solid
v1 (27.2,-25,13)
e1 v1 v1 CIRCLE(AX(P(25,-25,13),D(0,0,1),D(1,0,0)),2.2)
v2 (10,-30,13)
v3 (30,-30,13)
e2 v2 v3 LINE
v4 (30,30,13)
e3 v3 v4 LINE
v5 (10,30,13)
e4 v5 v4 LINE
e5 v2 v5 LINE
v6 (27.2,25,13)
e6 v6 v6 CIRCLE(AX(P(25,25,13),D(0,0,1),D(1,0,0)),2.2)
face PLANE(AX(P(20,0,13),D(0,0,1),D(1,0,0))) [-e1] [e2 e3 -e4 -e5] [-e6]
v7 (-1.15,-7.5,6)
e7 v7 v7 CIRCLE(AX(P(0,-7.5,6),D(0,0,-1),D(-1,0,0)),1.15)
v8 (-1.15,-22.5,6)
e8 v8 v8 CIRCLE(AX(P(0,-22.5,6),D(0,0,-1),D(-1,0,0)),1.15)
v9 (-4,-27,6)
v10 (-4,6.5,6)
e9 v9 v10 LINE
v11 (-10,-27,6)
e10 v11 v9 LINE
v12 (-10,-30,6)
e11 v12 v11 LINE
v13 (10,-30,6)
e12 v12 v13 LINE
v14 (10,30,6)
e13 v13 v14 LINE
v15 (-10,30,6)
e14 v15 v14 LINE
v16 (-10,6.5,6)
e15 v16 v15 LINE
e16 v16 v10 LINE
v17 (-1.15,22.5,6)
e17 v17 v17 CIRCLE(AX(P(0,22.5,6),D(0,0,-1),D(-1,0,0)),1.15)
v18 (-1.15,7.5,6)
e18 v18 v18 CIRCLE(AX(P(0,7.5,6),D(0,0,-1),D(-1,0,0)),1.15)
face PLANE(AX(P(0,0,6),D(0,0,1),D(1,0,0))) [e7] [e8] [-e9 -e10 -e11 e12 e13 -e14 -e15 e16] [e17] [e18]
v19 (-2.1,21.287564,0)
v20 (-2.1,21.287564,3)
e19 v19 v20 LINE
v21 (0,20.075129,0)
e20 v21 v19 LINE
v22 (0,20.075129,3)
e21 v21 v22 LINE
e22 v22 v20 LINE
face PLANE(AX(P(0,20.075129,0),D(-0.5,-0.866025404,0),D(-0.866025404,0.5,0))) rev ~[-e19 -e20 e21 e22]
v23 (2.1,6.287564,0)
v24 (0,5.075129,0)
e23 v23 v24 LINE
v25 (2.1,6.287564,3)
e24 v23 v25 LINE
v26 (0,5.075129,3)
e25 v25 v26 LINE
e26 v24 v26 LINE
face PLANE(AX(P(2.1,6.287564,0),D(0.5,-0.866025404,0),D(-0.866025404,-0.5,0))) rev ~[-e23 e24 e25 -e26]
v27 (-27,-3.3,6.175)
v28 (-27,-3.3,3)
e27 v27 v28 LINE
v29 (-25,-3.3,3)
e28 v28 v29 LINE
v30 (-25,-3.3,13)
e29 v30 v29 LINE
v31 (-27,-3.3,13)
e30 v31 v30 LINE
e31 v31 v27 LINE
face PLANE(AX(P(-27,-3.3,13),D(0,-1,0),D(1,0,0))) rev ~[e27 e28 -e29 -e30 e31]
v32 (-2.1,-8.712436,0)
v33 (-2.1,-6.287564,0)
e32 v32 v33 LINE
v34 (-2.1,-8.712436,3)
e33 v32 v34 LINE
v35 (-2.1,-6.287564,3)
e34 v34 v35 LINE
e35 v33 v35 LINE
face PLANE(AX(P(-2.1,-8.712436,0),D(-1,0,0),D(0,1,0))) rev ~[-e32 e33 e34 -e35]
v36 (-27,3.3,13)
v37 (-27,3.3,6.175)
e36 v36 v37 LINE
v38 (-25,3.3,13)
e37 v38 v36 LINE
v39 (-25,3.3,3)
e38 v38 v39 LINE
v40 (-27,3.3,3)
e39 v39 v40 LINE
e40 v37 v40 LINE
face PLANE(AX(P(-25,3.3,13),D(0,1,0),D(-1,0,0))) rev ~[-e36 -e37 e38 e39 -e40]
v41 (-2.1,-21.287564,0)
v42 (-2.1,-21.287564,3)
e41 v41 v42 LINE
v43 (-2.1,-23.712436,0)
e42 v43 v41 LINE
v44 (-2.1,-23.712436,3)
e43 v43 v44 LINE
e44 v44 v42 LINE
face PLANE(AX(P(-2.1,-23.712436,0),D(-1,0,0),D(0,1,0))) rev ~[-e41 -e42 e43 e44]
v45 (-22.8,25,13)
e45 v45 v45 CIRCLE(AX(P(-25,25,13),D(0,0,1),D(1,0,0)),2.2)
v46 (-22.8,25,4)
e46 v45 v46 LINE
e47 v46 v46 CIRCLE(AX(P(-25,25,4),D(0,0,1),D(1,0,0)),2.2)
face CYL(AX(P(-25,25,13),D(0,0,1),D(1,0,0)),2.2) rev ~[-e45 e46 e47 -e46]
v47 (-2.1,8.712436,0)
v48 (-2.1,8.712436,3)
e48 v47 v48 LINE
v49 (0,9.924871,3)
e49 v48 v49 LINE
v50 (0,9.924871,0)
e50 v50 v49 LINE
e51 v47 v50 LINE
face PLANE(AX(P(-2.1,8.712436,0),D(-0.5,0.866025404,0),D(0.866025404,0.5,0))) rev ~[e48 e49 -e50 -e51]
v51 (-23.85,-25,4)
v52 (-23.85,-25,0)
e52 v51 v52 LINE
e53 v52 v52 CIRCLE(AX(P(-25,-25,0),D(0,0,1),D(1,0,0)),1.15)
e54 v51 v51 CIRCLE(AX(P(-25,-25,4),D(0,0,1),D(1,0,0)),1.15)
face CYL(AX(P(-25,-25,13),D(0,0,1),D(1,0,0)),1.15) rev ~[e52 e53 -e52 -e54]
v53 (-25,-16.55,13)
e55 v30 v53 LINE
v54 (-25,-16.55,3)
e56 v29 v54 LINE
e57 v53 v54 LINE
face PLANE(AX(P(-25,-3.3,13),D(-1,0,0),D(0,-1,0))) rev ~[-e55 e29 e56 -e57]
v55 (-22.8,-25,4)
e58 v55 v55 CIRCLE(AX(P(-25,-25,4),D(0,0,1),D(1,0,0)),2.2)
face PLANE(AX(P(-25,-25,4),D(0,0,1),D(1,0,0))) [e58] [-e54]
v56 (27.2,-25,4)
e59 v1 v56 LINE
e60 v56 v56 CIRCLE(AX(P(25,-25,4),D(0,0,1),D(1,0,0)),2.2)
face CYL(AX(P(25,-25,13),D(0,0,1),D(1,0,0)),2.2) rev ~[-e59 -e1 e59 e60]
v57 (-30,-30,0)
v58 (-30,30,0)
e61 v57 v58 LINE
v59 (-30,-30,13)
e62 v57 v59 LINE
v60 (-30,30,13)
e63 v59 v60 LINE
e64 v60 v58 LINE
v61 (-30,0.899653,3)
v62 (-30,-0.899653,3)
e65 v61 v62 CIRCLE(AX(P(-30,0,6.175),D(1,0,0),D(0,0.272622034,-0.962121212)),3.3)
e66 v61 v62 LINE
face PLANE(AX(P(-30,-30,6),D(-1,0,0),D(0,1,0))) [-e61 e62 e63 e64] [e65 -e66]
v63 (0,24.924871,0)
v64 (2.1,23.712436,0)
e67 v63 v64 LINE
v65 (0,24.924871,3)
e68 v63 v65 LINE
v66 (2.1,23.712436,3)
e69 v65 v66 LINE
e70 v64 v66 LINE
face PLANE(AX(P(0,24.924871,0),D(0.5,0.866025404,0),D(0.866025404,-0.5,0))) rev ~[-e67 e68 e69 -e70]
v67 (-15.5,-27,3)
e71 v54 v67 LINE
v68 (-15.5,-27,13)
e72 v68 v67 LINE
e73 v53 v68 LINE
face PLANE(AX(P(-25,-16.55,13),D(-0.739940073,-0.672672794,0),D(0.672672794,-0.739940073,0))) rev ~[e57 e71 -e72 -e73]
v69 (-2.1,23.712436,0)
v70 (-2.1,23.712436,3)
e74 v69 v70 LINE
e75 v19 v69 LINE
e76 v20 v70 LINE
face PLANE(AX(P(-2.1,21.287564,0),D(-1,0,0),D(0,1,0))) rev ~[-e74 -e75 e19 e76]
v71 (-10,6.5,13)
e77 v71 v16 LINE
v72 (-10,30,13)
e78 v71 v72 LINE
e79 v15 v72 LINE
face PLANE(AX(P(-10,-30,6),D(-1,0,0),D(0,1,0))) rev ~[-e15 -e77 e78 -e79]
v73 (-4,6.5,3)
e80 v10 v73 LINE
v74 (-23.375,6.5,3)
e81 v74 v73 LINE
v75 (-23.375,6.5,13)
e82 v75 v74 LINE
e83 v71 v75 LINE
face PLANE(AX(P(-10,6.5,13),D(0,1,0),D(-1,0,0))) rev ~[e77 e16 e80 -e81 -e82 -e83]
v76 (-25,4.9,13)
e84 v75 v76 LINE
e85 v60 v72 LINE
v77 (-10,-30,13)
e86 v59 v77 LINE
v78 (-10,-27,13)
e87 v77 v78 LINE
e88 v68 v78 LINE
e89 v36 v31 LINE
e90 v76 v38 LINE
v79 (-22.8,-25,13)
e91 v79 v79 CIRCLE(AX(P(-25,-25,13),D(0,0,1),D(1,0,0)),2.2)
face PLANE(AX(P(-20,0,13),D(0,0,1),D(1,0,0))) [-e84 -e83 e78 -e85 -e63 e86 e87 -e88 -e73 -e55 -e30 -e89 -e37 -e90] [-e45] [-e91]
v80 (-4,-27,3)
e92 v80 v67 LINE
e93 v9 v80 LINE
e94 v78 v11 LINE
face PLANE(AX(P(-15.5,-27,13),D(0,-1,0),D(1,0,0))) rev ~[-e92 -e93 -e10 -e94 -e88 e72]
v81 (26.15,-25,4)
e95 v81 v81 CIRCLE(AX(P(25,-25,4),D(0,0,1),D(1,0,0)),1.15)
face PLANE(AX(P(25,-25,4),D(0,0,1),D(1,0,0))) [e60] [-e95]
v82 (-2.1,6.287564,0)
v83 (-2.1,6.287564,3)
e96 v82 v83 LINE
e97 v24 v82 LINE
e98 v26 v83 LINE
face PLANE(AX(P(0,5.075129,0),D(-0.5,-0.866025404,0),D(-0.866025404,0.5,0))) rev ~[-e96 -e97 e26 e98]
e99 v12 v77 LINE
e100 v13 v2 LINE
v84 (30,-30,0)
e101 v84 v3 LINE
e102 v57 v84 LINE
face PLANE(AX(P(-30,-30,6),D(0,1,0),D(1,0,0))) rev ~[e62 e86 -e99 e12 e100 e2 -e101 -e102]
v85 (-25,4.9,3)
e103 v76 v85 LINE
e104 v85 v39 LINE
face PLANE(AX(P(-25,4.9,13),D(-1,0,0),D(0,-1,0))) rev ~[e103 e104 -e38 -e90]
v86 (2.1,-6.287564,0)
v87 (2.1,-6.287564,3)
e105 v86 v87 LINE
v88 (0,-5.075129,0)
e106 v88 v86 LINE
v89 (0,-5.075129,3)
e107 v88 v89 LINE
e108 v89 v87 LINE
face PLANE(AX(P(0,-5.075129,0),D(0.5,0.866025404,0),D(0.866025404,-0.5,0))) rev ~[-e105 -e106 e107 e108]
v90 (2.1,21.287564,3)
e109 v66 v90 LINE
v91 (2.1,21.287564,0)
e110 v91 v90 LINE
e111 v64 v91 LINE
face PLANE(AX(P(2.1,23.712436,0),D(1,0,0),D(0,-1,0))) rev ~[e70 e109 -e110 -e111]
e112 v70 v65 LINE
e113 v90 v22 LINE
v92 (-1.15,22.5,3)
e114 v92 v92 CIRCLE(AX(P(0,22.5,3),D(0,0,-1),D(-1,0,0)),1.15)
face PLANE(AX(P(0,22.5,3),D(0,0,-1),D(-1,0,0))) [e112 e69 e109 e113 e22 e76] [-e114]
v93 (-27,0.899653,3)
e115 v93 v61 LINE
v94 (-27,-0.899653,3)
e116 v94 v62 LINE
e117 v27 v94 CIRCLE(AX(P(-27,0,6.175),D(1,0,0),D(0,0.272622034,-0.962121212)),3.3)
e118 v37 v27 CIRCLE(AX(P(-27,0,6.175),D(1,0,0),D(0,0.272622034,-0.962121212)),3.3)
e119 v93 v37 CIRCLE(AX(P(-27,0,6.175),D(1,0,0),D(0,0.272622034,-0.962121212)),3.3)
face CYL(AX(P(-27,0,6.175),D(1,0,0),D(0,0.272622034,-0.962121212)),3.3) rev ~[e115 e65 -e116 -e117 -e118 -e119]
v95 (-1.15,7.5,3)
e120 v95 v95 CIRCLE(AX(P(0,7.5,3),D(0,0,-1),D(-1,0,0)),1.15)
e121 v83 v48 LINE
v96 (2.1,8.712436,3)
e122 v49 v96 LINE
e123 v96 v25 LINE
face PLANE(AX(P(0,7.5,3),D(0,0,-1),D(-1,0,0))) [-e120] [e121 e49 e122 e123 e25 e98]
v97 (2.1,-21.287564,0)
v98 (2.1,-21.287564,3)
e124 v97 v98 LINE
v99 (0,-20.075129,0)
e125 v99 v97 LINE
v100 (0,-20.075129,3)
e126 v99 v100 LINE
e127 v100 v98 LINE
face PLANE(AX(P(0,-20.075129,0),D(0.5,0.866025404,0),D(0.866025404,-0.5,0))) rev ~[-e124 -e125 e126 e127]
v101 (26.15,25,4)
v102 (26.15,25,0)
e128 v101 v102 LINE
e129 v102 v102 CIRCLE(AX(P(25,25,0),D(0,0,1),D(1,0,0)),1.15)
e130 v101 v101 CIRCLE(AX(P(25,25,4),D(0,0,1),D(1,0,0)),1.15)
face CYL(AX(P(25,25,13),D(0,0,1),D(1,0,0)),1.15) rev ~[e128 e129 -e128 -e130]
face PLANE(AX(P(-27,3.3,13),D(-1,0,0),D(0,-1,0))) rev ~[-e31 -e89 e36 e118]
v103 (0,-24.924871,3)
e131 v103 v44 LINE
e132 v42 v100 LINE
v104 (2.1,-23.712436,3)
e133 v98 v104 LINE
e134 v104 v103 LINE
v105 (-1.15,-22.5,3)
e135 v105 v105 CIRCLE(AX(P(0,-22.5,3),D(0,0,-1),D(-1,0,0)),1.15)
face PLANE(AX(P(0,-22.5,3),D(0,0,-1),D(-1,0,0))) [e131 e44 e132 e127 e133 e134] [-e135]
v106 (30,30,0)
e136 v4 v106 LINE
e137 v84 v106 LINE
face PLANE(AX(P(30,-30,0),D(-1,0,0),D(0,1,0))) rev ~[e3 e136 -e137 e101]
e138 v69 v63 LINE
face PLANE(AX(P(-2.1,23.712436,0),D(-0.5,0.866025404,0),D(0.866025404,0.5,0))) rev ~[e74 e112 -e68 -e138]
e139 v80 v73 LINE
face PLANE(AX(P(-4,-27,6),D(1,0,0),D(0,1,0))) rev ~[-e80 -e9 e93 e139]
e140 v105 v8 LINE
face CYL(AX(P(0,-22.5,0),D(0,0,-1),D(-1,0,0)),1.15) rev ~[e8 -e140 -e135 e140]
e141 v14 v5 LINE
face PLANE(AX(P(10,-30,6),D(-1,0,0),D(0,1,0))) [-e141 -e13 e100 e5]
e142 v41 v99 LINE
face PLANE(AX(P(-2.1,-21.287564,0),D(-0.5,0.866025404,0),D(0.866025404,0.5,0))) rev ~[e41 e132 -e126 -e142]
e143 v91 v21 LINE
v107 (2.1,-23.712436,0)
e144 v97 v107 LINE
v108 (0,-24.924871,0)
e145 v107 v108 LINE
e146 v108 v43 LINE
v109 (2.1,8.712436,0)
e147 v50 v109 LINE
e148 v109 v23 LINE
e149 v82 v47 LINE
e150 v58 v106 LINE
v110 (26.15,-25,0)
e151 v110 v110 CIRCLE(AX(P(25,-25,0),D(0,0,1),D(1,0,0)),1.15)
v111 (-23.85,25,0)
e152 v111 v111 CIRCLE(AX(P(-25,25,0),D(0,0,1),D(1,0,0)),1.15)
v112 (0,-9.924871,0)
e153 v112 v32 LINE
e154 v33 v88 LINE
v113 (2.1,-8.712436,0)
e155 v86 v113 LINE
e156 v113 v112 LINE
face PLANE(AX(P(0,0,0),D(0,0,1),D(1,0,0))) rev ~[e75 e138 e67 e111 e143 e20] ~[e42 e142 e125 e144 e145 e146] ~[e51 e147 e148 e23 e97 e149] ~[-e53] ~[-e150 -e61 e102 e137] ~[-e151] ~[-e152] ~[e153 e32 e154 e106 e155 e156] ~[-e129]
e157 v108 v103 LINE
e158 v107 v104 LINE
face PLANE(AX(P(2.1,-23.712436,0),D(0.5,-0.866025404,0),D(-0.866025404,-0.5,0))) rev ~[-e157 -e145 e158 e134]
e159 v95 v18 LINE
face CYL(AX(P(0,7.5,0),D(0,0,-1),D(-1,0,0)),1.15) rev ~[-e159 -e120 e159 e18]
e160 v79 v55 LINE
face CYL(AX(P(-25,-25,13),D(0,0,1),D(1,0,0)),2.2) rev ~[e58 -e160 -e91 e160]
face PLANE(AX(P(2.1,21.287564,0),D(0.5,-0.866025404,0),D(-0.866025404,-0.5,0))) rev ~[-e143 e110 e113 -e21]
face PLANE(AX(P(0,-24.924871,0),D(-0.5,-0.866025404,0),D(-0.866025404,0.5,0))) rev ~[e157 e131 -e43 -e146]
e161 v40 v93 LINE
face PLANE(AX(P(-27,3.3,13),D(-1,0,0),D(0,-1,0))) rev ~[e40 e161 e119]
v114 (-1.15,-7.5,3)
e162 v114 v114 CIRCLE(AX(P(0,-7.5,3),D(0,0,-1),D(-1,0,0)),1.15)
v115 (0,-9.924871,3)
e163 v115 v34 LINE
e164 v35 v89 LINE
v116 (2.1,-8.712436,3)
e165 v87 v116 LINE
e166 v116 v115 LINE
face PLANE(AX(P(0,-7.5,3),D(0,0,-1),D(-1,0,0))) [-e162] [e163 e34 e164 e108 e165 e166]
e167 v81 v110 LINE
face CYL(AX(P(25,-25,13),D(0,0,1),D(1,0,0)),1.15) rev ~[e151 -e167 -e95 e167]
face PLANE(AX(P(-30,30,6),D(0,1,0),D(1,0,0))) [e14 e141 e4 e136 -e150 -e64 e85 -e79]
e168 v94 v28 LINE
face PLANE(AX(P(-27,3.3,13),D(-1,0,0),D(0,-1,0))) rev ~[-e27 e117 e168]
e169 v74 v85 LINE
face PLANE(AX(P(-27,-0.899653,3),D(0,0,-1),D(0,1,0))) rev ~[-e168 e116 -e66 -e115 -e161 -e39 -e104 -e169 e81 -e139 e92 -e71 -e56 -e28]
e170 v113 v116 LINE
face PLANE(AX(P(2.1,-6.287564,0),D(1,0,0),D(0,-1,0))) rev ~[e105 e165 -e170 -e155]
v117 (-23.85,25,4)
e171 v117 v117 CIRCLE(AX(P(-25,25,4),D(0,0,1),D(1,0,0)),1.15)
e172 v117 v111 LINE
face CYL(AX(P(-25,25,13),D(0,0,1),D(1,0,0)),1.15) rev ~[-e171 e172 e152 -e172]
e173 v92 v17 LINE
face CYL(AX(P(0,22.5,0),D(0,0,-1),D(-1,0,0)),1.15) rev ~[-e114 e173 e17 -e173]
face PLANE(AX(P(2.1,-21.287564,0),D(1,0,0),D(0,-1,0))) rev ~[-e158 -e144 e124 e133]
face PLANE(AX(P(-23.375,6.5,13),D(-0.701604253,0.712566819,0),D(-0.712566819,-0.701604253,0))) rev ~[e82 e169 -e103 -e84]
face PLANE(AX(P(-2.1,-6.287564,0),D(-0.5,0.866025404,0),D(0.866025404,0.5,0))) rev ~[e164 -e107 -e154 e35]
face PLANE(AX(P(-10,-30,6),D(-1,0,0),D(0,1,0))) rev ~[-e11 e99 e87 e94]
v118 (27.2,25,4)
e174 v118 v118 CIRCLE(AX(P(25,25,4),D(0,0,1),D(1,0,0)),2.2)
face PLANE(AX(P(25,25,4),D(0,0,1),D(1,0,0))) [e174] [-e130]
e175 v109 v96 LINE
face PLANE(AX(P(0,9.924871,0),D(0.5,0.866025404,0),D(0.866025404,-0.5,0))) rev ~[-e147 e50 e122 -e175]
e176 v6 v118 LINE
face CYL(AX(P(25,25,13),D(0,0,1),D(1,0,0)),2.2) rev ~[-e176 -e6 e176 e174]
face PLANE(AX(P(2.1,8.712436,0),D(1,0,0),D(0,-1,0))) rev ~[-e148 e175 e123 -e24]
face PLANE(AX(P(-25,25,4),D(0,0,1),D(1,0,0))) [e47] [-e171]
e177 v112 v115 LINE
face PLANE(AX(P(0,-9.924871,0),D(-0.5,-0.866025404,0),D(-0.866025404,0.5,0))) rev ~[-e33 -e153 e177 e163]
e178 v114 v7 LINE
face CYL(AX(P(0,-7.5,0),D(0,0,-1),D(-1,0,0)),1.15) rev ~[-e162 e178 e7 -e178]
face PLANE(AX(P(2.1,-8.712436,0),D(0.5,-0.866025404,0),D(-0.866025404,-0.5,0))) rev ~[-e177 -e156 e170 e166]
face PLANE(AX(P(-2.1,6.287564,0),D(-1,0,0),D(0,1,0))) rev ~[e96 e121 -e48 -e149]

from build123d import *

# Parameters (mm, degrees)
SKETCH1_W           = 60
SKETCH1_H           = 60
BOSS_EXTRUDE1_DEPTH = 6
CUT_EXTRUDE2_DEPTH  = 3
SKETCH12_R          = 1.15
CUT_EXTRUDE9_DEPTH  = 43.848570571
SKETCH5_W           = 20
SKETCH5_H           = 60
BOSS_EXTRUDE2_DEPTH = 7
SKETCH6_R           = 1.15
CUT_EXTRUDE4_DEPTH  = 45.373415465
SKETCH8_R           = 2.2
SKETCH8_R_2         = 1.15
CUT_EXTRUDE5_DEPTH  = 9
CUT_EXTRUDE6_DEPTH  = 10
SKETCH10_W          = 6
SKETCH10_H          = 33.5
CUT_EXTRUDE7_DEPTH  = 3
CUT_EXTRUDE8_DEPTH  = 66.711490624


with BuildPart() as part:
    # Sketch1 → Boss-Extrude1 (new body)
    with BuildSketch(Plane.XY):
        Rectangle(SKETCH1_W, SKETCH1_H)
    extrude(amount=BOSS_EXTRUDE1_DEPTH)

    # Sketch3 → Cut-Extrude2 (cut)
    with BuildSketch(Plane(origin=(0, 0, 0), x_dir=(-1, 0, 0), z_dir=(0, 0, -1))):
        Polygon((2.1, 6.287564435), (2.1, 8.712435565), (0, 9.924871131), (-2.1, 8.712435565), (-2.1, 6.287564435), (0, 5.075128869), align=None)
        Polygon((2.1, -8.712435565), (2.1, -6.287564435), (0, -5.075128869), (-2.1, -6.287564435), (-2.1, -8.712435565), (0, -9.924871131), align=None)
        Polygon((2.1, -23.712435565), (2.1, -21.287564435), (0, -20.075128869), (-2.1, -21.287564435), (-2.1, -23.712435565), (0, -24.924871131), align=None)
        Polygon((0, 20.075128869), (2.1, 21.287564435), (2.1, 23.712435565), (0, 24.924871131), (-2.1, 23.712435565), (-2.1, 21.287564435), align=None)
    extrude(amount=-CUT_EXTRUDE2_DEPTH, mode=Mode.SUBTRACT)

    # Sketch12 → Cut-Extrude9 (cut, through all)
    with BuildSketch(Plane(origin=(0, 0, 0), x_dir=(-1, 0, 0), z_dir=(0, 0, -1))):
        with Locations((0, 22.5)):
            Circle(SKETCH12_R)
        with Locations((0, 7.5)):
            Circle(SKETCH12_R)
        with Locations((0, -7.5)):
            Circle(SKETCH12_R)
        with Locations((0, -22.5)):
            Circle(SKETCH12_R)
    extrude(amount=-CUT_EXTRUDE9_DEPTH, mode=Mode.SUBTRACT)

    # Sketch5 → Boss-Extrude2 (add)
    with BuildSketch(Plane.XY.offset(6)):
        with Locations((-20, 0)):
            Rectangle(SKETCH5_W, SKETCH5_H)
        with Locations((20, 0)):
            Rectangle(SKETCH5_W, SKETCH5_H)
    extrude(amount=BOSS_EXTRUDE2_DEPTH)

    # Sketch6 → Cut-Extrude4 (cut, through all)
    with BuildSketch(Plane.XY.offset(13)):
        with Locations((-25, 25)):
            Circle(SKETCH6_R)
        with Locations((25, 25)):
            Circle(SKETCH6_R)
        with Locations((25, -25)):
            Circle(SKETCH6_R)
        with Locations((-25, -25)):
            Circle(SKETCH6_R)
    extrude(amount=-CUT_EXTRUDE4_DEPTH, mode=Mode.SUBTRACT)

    # Sketch8 → Cut-Extrude5 (cut)
    # profile 1 of 4: a face of its own
    with BuildSketch(Plane.XY.offset(13)):
        with Locations((-25, 25)):
            Circle(SKETCH8_R)
        with Locations((-25, 25)):
            Circle(SKETCH8_R_2, mode=Mode.SUBTRACT)
    # profile 2 of 4: a face of its own
    with BuildSketch(Plane.XY.offset(13)):
        with Locations((25, 25)):
            Circle(SKETCH8_R)
    # profile 3 of 4: a face of its own
    with BuildSketch(Plane.XY.offset(13)):
        with Locations((25, -25)):
            Circle(SKETCH8_R)
    # profile 4 of 4: a face of its own
    with BuildSketch(Plane.XY.offset(13)):
        with Locations((-25, -25)):
            Circle(SKETCH8_R)
        with Locations((-25, -25)):
            Circle(SKETCH8_R_2, mode=Mode.SUBTRACT)
    extrude(amount=-CUT_EXTRUDE5_DEPTH, mode=Mode.SUBTRACT)

    # Sketch9 → Cut-Extrude6 (cut)
    with BuildSketch(Plane.XY.offset(13)):
        Polygon((-25, -16.55), (-15.5, -27), (-10, -27), (-10, 6.5), (-23.375, 6.5), (-25, 4.9), (-25, 3.3), (-27, 3.3), (-27, -3.3), (-25, -3.3), align=None)
    extrude(amount=-CUT_EXTRUDE6_DEPTH, mode=Mode.SUBTRACT)

    # Sketch10 → Cut-Extrude7 (cut)
    with BuildSketch(Plane.XY.offset(6)):
        with Locations((-7, -10.25)):
            Rectangle(SKETCH10_W, SKETCH10_H)
    extrude(amount=-CUT_EXTRUDE7_DEPTH, mode=Mode.SUBTRACT)

    # Sketch11 → Cut-Extrude8 (cut, through all)
    with BuildSketch(Plane(origin=(-27, 0, 0), x_dir=(0, 0, -1), z_dir=(1, 0, 0))):
        with BuildLine():
            Line((-3, -0.899652711), (-3, 0.899652711))
            ThreePointArc((-3, 0.899652711), (-9.475, 0), (-3, -0.899652711))
        make_face()
    extrude(amount=-CUT_EXTRUDE8_DEPTH, mode=Mode.SUBTRACT)


solid = part.part
